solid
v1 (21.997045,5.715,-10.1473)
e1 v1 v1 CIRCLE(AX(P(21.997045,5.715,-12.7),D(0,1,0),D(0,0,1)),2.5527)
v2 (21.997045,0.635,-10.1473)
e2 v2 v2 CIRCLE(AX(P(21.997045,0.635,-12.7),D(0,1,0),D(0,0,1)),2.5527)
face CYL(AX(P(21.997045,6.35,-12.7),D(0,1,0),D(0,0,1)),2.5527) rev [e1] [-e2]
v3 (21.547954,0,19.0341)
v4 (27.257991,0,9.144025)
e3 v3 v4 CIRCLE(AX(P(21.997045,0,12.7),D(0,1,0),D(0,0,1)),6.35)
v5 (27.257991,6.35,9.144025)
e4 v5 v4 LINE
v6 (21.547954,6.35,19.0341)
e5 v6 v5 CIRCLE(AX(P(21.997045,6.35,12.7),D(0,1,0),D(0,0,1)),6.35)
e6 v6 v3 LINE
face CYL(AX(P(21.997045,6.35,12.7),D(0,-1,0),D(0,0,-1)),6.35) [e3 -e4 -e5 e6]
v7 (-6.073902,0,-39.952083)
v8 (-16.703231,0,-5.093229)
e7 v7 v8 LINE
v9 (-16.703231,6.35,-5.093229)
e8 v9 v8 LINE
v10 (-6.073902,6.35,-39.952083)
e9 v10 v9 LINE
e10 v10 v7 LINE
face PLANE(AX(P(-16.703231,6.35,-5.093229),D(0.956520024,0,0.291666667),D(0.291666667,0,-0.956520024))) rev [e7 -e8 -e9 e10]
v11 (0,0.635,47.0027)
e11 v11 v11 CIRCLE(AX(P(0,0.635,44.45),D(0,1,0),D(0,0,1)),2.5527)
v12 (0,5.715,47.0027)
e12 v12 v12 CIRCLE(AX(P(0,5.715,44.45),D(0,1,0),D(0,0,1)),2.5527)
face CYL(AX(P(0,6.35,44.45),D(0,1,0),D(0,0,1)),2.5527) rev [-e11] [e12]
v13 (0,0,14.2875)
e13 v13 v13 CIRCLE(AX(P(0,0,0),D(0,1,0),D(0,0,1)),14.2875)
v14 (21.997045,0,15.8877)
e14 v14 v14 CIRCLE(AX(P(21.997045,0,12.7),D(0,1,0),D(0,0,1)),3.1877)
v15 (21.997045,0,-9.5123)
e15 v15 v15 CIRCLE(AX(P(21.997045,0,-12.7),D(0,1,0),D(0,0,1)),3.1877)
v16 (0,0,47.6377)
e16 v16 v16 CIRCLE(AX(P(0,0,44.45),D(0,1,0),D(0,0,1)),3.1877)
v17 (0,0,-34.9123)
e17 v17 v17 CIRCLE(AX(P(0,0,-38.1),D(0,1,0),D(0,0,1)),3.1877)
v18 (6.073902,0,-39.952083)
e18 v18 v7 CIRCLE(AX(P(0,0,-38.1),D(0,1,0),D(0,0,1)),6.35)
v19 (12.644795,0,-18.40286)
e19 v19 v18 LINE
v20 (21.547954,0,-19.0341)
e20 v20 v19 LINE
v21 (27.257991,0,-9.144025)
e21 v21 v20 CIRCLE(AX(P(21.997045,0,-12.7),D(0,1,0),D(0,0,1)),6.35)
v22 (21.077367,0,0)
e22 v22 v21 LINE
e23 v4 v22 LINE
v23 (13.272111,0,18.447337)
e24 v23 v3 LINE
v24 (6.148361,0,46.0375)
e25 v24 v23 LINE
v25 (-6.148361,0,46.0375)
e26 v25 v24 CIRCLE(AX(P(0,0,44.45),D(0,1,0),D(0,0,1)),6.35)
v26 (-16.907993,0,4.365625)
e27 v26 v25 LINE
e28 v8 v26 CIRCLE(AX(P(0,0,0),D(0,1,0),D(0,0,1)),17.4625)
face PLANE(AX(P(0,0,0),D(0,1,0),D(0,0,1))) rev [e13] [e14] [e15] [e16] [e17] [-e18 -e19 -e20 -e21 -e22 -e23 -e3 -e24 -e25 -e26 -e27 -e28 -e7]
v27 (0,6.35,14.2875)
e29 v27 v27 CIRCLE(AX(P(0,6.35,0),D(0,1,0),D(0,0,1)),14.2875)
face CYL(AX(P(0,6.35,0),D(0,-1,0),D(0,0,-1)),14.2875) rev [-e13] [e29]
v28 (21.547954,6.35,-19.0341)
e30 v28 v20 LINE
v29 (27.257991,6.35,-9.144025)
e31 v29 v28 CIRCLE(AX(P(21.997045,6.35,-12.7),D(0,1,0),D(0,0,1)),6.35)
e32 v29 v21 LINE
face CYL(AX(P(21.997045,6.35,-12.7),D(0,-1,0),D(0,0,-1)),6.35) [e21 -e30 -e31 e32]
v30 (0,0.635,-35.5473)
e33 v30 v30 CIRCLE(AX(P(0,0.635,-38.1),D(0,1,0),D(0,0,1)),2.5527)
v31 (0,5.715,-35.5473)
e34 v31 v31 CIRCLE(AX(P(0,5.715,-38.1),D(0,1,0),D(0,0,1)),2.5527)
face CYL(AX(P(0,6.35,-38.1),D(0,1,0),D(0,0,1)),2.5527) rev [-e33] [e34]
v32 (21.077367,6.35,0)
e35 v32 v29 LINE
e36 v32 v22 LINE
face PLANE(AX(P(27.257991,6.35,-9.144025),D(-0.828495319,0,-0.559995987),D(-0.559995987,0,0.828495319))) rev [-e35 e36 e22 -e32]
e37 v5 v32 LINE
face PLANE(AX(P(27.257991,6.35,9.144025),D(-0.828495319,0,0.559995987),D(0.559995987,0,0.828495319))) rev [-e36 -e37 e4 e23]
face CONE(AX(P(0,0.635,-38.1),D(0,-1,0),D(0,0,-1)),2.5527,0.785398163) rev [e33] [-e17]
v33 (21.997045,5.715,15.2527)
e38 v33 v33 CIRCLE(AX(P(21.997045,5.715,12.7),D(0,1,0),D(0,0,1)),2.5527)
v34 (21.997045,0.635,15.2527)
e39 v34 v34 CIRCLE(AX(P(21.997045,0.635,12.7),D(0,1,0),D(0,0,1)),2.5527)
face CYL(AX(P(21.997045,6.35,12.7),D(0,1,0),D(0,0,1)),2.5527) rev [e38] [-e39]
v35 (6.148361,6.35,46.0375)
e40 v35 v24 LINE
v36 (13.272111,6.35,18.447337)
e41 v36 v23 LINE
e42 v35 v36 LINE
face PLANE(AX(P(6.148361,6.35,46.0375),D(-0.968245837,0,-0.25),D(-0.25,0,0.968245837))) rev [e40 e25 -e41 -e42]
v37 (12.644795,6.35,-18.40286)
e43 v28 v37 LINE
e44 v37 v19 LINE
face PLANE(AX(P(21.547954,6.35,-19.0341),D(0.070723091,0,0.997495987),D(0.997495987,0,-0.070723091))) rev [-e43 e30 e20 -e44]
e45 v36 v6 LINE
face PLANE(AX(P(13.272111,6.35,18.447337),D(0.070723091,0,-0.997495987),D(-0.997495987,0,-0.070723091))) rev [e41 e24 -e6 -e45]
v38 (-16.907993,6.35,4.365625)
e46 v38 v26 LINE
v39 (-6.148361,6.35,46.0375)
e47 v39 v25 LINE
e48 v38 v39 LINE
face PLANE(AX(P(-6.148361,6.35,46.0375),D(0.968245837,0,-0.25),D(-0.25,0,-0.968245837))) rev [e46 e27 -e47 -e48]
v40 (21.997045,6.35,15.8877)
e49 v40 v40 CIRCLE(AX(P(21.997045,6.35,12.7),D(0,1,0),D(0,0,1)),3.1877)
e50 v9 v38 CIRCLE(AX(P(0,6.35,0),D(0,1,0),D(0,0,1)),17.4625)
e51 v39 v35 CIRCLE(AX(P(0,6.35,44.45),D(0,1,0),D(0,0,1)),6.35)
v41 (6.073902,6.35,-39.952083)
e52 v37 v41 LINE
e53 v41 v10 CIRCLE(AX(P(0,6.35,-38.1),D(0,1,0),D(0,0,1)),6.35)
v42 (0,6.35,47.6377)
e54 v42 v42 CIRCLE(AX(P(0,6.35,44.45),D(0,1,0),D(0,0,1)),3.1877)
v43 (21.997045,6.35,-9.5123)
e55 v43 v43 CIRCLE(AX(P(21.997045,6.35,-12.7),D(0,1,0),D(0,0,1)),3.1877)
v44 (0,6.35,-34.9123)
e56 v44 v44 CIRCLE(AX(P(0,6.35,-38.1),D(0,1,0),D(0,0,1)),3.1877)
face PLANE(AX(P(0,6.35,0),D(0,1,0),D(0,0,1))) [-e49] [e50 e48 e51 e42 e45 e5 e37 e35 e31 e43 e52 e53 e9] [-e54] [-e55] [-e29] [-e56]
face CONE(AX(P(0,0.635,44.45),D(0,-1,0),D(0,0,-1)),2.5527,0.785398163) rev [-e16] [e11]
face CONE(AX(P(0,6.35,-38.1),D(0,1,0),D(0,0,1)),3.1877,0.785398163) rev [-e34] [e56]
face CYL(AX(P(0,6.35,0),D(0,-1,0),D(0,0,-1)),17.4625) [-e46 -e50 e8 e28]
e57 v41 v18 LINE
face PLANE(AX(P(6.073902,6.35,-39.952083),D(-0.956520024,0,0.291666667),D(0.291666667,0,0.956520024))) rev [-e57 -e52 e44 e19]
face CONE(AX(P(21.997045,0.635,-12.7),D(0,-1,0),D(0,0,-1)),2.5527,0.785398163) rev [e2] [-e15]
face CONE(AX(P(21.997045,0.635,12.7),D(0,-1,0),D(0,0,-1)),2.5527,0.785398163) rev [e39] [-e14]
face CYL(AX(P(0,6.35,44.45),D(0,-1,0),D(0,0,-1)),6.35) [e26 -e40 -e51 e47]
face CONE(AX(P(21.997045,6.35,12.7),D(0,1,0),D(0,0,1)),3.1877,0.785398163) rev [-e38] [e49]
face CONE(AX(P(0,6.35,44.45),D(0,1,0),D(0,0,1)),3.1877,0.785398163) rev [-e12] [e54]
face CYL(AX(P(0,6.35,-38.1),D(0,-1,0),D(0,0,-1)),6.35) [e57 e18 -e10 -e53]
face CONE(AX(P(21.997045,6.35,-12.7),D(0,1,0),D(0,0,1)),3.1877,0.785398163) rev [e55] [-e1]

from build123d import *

# Parameters (mm, degrees)
SKETCH1_R                       = 14.2875
BOSS_EXTRUDE1_DEPTH             = 6.35
F_10_CLEARANCE_HOLE1_AT_2_COUNT = 2
F_10_CLEARANCE_HOLE1_AT_2_PITCH = 38.625542067
F_10_CLEARANCE_HOLE1_AT_3_COUNT = 2
F_10_CLEARANCE_HOLE1_AT_3_PITCH = 61.237182332
F_10_CLEARANCE_HOLE1_AT_4_COUNT = 2
F_10_CLEARANCE_HOLE1_AT_4_PITCH = 82.55


with BuildPart() as part:
    # Sketch1 → Boss-Extrude1 (new body)
    with BuildSketch(Plane(origin=(0, 0, 0), x_dir=(1, 0, 0), z_dir=(0, 1, 0))):
        with BuildLine():
            Line((-16.703230912, 5.093229167), (-6.07390215, 39.952083333))
            ThreePointArc((-6.07390215, 39.952083333), (0, 44.45), (6.07390215, 39.952083333))
            Line((6.07390215, 39.952083333), (12.644794548, 18.402859955))
            Line((12.644794548, 18.402859955), (21.547953627, 19.034099518))
            ThreePointArc((21.547953627, 19.034099518), (27.49630657, 15.875), (27.257990535, 9.144025482))
            Line((27.257990535, 9.144025482), (21.077367113, 0))
            Line((21.077367113, 0), (27.257990535, -9.144025482))
            ThreePointArc((27.257990535, -9.144025482), (27.49630657, -15.875), (21.547953627, -19.034099518))
            Line((21.547953627, -19.034099518), (13.272110504, -18.44733705))
            Line((13.272110504, -18.44733705), (6.148361062, -46.0375))
            ThreePointArc((6.148361062, -46.0375), (0, -50.8), (-6.148361062, -46.0375))
            Line((-6.148361062, -46.0375), (-16.907992921, -4.365625))
            ThreePointArc((-16.907992921, -4.365625), (-17.458409791, 0.377933626), (-16.703230912, 5.093229167))
        make_face()
        with Locations(Location((0, 0, 0), (0, 0, 270))):
            Circle(SKETCH1_R, mode=Mode.SUBTRACT)
    extrude(amount=BOSS_EXTRUDE1_DEPTH)

    # Sketch3 → #10 Clearance Hole1 (revolve, cut)
    with BuildSketch(Plane(origin=(0, 6.35, 44.45), x_dir=(0, 0, 1), z_dir=(1, 0, 0))):
        Polygon((0, 0), (0, 6.35), (3.1877, 6.35), (2.5527, 5.715), (2.5527, 0.635), (3.1877, 0), align=None)
    f_10_clearance_hole1 = revolve(axis=Axis((0, 12.7, 44.45), (0, -1, 0)), mode=Mode.SUBTRACT)

    # #10 Clearance Hole1 at 2: #10 Clearance Hole1 ×2
    with Locations(*[Vector(0.5694947974514997, 0, -0.8219949365267863) * (i * F_10_CLEARANCE_HOLE1_AT_2_PITCH) for i in range(1, F_10_CLEARANCE_HOLE1_AT_2_COUNT)]):
        add(f_10_clearance_hole1, mode=Mode.SUBTRACT)

    # #10 Clearance Hole1 at 3: #10 Clearance Hole1 ×2
    with Locations(*[Vector(0.3592106040535505, 0, -0.9332565252573826) * (i * F_10_CLEARANCE_HOLE1_AT_3_PITCH) for i in range(1, F_10_CLEARANCE_HOLE1_AT_3_COUNT)]):
        add(f_10_clearance_hole1, mode=Mode.SUBTRACT)

    # #10 Clearance Hole1 at 4: #10 Clearance Hole1 ×2
    with Locations(*[(0, 0, -i * F_10_CLEARANCE_HOLE1_AT_4_PITCH) for i in range(1, F_10_CLEARANCE_HOLE1_AT_4_COUNT)]):
        add(f_10_clearance_hole1, mode=Mode.SUBTRACT)


solid = part.part
